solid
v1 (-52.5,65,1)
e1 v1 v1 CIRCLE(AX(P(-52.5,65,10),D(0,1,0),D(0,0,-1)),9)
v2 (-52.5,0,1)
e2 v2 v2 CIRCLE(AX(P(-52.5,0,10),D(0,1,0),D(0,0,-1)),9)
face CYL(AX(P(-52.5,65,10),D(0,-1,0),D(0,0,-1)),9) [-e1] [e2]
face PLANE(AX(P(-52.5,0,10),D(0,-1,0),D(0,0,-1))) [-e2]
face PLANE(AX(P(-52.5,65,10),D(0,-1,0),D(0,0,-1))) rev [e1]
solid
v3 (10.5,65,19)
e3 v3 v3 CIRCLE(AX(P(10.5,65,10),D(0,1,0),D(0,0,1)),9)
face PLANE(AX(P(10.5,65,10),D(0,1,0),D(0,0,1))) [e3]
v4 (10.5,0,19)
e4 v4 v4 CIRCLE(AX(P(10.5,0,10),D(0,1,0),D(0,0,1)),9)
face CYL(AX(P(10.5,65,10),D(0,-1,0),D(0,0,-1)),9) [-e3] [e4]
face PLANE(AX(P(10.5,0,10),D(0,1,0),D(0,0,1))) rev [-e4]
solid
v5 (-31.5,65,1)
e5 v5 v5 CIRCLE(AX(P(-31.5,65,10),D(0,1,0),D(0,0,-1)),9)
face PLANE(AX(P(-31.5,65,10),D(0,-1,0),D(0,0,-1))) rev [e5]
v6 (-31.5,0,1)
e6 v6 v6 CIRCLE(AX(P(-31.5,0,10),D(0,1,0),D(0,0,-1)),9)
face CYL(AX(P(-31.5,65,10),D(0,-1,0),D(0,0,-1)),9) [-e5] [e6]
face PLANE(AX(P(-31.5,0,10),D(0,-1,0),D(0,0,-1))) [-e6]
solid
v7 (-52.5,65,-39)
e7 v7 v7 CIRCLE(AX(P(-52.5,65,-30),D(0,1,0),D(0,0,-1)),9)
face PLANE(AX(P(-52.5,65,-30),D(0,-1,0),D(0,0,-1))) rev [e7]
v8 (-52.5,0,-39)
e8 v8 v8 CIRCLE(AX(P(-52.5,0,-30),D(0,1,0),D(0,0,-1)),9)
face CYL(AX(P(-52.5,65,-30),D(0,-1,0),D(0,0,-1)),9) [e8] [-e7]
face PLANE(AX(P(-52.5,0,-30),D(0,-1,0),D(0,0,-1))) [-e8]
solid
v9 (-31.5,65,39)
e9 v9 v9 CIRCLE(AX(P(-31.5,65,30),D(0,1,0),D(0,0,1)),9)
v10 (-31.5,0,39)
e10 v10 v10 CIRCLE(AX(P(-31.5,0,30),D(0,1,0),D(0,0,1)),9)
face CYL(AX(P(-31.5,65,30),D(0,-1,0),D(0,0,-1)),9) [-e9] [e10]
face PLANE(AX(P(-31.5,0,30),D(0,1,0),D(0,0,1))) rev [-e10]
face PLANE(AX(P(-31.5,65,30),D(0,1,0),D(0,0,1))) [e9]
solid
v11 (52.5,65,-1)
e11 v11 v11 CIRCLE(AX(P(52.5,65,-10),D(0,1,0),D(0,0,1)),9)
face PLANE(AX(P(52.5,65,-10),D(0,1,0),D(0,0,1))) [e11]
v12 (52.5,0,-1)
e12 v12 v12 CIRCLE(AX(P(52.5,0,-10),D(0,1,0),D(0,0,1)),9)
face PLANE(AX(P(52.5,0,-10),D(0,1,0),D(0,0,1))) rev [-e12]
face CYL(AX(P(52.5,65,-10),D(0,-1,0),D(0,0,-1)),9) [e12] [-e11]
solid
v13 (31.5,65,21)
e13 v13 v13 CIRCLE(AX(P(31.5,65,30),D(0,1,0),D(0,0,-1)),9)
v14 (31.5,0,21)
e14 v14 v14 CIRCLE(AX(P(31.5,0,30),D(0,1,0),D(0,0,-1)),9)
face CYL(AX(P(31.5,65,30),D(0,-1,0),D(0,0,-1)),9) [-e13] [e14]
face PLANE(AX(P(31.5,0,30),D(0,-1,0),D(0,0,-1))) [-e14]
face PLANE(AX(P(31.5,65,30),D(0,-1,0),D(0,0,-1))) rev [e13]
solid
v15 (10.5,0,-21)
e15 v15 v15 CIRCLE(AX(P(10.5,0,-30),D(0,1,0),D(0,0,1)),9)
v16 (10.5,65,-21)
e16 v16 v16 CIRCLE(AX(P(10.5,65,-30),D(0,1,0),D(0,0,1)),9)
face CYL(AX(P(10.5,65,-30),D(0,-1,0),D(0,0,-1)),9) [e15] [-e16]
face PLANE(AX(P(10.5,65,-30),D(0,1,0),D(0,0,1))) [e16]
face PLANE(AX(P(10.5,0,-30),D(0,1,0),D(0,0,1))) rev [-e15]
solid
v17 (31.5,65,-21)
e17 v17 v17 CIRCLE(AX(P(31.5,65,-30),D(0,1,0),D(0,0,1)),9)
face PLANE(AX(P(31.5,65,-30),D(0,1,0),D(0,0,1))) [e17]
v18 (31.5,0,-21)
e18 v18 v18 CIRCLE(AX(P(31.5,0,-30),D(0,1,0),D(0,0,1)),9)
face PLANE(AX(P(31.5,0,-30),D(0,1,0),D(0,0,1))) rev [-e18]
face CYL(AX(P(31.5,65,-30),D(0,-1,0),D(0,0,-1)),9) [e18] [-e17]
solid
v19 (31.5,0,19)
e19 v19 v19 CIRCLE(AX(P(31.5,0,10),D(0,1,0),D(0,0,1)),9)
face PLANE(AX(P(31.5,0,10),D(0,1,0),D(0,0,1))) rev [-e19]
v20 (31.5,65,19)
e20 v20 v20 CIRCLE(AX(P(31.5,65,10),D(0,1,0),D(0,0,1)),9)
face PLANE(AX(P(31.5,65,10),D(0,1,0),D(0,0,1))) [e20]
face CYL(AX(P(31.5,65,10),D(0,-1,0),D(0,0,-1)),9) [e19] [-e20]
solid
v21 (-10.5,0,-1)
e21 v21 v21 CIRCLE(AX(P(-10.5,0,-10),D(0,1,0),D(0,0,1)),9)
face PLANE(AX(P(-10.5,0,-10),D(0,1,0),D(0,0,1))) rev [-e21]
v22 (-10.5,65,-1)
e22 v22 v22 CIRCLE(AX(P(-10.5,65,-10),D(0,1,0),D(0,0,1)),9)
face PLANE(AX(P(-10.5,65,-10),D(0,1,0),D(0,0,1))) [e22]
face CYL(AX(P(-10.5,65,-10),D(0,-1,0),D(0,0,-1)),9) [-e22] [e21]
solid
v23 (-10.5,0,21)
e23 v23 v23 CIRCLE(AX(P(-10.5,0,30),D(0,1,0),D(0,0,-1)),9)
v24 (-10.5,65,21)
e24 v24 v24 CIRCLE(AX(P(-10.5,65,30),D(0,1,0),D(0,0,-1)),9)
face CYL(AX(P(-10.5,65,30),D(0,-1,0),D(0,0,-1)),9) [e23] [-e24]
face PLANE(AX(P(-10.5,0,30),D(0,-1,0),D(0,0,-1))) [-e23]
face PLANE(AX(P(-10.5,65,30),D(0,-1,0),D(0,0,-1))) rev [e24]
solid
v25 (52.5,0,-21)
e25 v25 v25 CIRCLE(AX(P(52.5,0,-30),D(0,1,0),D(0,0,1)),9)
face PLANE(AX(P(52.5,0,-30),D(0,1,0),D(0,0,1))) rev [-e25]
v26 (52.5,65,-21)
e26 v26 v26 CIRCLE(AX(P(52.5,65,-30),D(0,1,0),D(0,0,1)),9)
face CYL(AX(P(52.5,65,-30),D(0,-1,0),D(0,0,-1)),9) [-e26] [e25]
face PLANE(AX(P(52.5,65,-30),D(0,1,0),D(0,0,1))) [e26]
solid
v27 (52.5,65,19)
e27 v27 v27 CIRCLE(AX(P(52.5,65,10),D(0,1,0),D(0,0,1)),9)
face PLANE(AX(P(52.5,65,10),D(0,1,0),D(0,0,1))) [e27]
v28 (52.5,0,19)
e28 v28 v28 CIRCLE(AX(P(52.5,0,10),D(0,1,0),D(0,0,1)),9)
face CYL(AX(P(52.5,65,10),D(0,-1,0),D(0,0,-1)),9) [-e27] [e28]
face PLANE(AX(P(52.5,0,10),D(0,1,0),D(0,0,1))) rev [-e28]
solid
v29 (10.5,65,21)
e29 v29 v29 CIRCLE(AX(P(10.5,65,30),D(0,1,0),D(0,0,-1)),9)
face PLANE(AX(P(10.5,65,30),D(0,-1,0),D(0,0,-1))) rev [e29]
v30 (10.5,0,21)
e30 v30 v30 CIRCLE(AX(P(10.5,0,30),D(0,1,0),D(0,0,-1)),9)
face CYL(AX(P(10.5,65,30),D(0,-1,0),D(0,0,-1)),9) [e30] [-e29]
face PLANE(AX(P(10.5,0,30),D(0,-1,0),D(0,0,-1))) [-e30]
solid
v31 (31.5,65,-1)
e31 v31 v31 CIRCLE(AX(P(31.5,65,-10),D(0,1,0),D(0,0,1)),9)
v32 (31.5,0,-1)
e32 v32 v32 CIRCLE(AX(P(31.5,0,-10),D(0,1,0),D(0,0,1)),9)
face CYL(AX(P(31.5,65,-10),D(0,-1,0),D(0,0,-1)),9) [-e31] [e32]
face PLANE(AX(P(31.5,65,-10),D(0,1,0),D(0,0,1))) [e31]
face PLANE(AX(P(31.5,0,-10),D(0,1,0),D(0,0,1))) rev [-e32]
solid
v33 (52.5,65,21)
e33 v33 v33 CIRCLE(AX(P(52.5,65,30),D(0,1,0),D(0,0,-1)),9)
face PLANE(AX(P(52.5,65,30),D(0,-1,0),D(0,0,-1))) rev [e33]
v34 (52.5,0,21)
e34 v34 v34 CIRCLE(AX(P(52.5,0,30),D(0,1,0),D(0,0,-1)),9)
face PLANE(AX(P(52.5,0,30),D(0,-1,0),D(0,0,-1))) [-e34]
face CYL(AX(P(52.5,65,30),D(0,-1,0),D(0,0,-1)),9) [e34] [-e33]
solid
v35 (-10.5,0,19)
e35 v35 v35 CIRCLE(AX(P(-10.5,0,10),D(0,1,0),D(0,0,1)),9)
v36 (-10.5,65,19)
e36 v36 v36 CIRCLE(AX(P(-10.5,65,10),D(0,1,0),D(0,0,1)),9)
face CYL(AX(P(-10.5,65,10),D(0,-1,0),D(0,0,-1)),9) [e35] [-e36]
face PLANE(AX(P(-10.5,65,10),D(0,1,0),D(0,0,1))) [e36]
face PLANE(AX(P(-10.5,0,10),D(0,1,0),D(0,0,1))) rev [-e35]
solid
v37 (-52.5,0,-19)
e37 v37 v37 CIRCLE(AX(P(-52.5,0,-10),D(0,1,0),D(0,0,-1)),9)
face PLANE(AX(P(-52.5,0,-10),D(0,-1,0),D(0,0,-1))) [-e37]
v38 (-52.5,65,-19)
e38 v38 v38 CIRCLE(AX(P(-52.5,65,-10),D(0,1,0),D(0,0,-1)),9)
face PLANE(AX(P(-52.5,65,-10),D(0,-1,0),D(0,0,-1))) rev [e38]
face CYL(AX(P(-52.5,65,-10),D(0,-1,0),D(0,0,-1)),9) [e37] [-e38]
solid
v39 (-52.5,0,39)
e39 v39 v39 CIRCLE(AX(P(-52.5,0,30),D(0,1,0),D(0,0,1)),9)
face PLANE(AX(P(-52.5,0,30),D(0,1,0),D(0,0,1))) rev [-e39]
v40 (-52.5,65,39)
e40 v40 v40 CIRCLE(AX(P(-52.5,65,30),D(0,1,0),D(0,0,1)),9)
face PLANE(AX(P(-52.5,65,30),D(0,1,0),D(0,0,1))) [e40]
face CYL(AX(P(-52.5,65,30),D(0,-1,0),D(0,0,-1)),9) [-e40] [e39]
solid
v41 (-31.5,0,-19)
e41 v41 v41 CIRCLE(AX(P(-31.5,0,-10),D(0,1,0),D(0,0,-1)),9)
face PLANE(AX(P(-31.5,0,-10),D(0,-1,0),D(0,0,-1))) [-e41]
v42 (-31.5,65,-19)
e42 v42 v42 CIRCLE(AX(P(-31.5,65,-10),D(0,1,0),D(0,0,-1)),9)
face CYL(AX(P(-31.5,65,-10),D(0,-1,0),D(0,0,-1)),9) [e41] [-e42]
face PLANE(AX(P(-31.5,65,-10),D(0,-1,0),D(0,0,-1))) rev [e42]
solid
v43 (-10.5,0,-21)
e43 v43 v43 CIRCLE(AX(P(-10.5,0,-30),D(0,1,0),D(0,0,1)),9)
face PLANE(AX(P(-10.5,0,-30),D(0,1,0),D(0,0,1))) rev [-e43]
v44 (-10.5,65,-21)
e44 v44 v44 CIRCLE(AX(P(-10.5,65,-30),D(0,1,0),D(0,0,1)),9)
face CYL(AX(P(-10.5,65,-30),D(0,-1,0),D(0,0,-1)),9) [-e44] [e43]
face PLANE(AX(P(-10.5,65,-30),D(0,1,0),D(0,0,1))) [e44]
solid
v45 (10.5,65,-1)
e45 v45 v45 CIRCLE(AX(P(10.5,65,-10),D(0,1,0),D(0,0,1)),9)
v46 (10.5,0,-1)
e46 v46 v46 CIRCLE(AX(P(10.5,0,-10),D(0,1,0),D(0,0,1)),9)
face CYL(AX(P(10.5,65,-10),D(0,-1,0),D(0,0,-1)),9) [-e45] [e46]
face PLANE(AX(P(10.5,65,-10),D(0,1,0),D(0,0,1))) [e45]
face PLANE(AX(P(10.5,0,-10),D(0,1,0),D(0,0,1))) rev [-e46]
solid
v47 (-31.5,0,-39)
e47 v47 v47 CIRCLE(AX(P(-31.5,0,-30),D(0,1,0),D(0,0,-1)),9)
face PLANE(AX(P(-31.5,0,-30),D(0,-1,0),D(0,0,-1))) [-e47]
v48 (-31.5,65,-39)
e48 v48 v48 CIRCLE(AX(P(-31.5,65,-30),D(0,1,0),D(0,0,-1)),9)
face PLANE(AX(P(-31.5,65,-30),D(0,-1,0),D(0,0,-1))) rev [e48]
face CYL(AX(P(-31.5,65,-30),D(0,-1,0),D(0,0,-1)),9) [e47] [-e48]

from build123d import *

# Parameters (mm, degrees)
SKETCH2_R              = 9
BOSS_EXTRUDE1_DEPTH    = 65
BOSS_EXTRUDE1_2_DEPTH  = 65
BOSS_EXTRUDE1_3_DEPTH  = 65
BOSS_EXTRUDE1_4_DEPTH  = 65
BOSS_EXTRUDE1_5_DEPTH  = 65
BOSS_EXTRUDE1_6_DEPTH  = 65
BOSS_EXTRUDE1_7_DEPTH  = 65
BOSS_EXTRUDE1_8_DEPTH  = 65
BOSS_EXTRUDE1_9_DEPTH  = 65
BOSS_EXTRUDE1_10_DEPTH = 65
BOSS_EXTRUDE1_11_DEPTH = 65
BOSS_EXTRUDE1_12_DEPTH = 65
BOSS_EXTRUDE1_13_DEPTH = 65
BOSS_EXTRUDE1_14_DEPTH = 65
BOSS_EXTRUDE1_15_DEPTH = 65
BOSS_EXTRUDE1_16_DEPTH = 65
BOSS_EXTRUDE1_17_DEPTH = 65
BOSS_EXTRUDE1_18_DEPTH = 65
BOSS_EXTRUDE1_19_DEPTH = 65
BOSS_EXTRUDE1_20_DEPTH = 65
BOSS_EXTRUDE1_21_DEPTH = 65
BOSS_EXTRUDE1_22_DEPTH = 65
BOSS_EXTRUDE1_23_DEPTH = 65
BOSS_EXTRUDE1_24_DEPTH = 65


with BuildPart() as part:
    # Sketch2 → Boss-Extrude1 (new body)
    with BuildSketch(Plane(origin=(0, 0, 0), x_dir=(1, 0, 0), z_dir=(0, 1, 0))):
        with Locations((-10.5, -10)):
            Circle(SKETCH2_R)
    extrude(amount=BOSS_EXTRUDE1_DEPTH)


with BuildPart() as body_2:
    # Sketch2 → Boss-Extrude1 2 (new body)
    with BuildSketch(Plane(origin=(0, 0, 0), x_dir=(1, 0, 0), z_dir=(0, 1, 0))):
        with Locations((10.5, -10)):
            Circle(SKETCH2_R)
    extrude(amount=BOSS_EXTRUDE1_2_DEPTH)


with BuildPart() as body_3:
    # Sketch2 → Boss-Extrude1 3 (new body)
    with BuildSketch(Plane(origin=(0, 0, 0), x_dir=(1, 0, 0), z_dir=(0, 1, 0))):
        with Locations((31.5, -10)):
            Circle(SKETCH2_R)
    extrude(amount=BOSS_EXTRUDE1_3_DEPTH)


with BuildPart() as body_4:
    # Sketch2 → Boss-Extrude1 4 (new body)
    with BuildSketch(Plane(origin=(0, 0, 0), x_dir=(1, 0, 0), z_dir=(0, 1, 0))):
        with Locations((52.5, -10)):
            Circle(SKETCH2_R)
    extrude(amount=BOSS_EXTRUDE1_4_DEPTH)


with BuildPart() as body_5:
    # Sketch2 → Boss-Extrude1 5 (new body)
    with BuildSketch(Plane(origin=(0, 0, 0), x_dir=(1, 0, 0), z_dir=(0, 1, 0))):
        with Locations((10.5, 10)):
            Circle(SKETCH2_R)
    extrude(amount=BOSS_EXTRUDE1_5_DEPTH)


with BuildPart() as body_6:
    # Sketch2 → Boss-Extrude1 6 (new body)
    with BuildSketch(Plane(origin=(0, 0, 0), x_dir=(1, 0, 0), z_dir=(0, 1, 0))):
        with Locations((31.5, 10)):
            Circle(SKETCH2_R)
    extrude(amount=BOSS_EXTRUDE1_6_DEPTH)


with BuildPart() as body_7:
    # Sketch2 → Boss-Extrude1 7 (new body)
    with BuildSketch(Plane(origin=(0, 0, 0), x_dir=(1, 0, 0), z_dir=(0, 1, 0))):
        with Locations((52.5, 10)):
            Circle(SKETCH2_R)
    extrude(amount=BOSS_EXTRUDE1_7_DEPTH)


with BuildPart() as body_8:
    # Sketch2 → Boss-Extrude1 8 (new body)
    with BuildSketch(Plane(origin=(0, 0, 0), x_dir=(1, 0, 0), z_dir=(0, 1, 0))):
        with Locations((10.5, 30)):
            Circle(SKETCH2_R)
    extrude(amount=BOSS_EXTRUDE1_8_DEPTH)


with BuildPart() as body_9:
    # Sketch2 → Boss-Extrude1 9 (new body)
    with BuildSketch(Plane(origin=(0, 0, 0), x_dir=(1, 0, 0), z_dir=(0, 1, 0))):
        with Locations((31.5, 30)):
            Circle(SKETCH2_R)
    extrude(amount=BOSS_EXTRUDE1_9_DEPTH)


with BuildPart() as body_10:
    # Sketch2 → Boss-Extrude1 10 (new body)
    with BuildSketch(Plane(origin=(0, 0, 0), x_dir=(1, 0, 0), z_dir=(0, 1, 0))):
        with Locations((52.5, 30)):
            Circle(SKETCH2_R)
    extrude(amount=BOSS_EXTRUDE1_10_DEPTH)


with BuildPart() as body_11:
    # Sketch2 → Boss-Extrude1 11 (new body)
    with BuildSketch(Plane(origin=(0, 0, 0), x_dir=(1, 0, 0), z_dir=(0, 1, 0))):
        with Locations((-10.5, 10)):
            Circle(SKETCH2_R)
    extrude(amount=BOSS_EXTRUDE1_11_DEPTH)


with BuildPart() as body_12:
    # Sketch2 → Boss-Extrude1 12 (new body)
    with BuildSketch(Plane(origin=(0, 0, 0), x_dir=(1, 0, 0), z_dir=(0, 1, 0))):
        with Locations((-10.5, 30)):
            Circle(SKETCH2_R)
    extrude(amount=BOSS_EXTRUDE1_12_DEPTH)


with BuildPart() as body_13:
    # Sketch2 → Boss-Extrude1 13 (new body)
    with BuildSketch(Plane(origin=(0, 0, 0), x_dir=(1, 0, 0), z_dir=(0, 1, 0))):
        with Locations((-10.5, -30)):
            Circle(SKETCH2_R)
    extrude(amount=BOSS_EXTRUDE1_13_DEPTH)


with BuildPart() as body_14:
    # Sketch2 → Boss-Extrude1 14 (new body)
    with BuildSketch(Plane(origin=(0, 0, 0), x_dir=(1, 0, 0), z_dir=(0, 1, 0))):
        with Locations((52.5, -30)):
            Circle(SKETCH2_R)
    extrude(amount=BOSS_EXTRUDE1_14_DEPTH)


with BuildPart() as body_15:
    # Sketch2 → Boss-Extrude1 15 (new body)
    with BuildSketch(Plane(origin=(0, 0, 0), x_dir=(1, 0, 0), z_dir=(0, 1, 0))):
        with Locations((31.5, -30)):
            Circle(SKETCH2_R)
    extrude(amount=BOSS_EXTRUDE1_15_DEPTH)


with BuildPart() as body_16:
    # Sketch2 → Boss-Extrude1 16 (new body)
    with BuildSketch(Plane(origin=(0, 0, 0), x_dir=(1, 0, 0), z_dir=(0, 1, 0))):
        with Locations((10.5, -30)):
            Circle(SKETCH2_R)
    extrude(amount=BOSS_EXTRUDE1_16_DEPTH)


with BuildPart() as body_17:
    # Sketch2 → Boss-Extrude1 17 (new body)
    with BuildSketch(Plane(origin=(0, 0, 0), x_dir=(1, 0, 0), z_dir=(0, 1, 0))):
        with Locations((-52.5, -30)):
            Circle(SKETCH2_R)
    extrude(amount=BOSS_EXTRUDE1_17_DEPTH)


with BuildPart() as body_18:
    # Sketch2 → Boss-Extrude1 18 (new body)
    with BuildSketch(Plane(origin=(0, 0, 0), x_dir=(1, 0, 0), z_dir=(0, 1, 0))):
        with Locations((-52.5, -10)):
            Circle(SKETCH2_R)
    extrude(amount=BOSS_EXTRUDE1_18_DEPTH)


with BuildPart() as body_19:
    # Sketch2 → Boss-Extrude1 19 (new body)
    with BuildSketch(Plane(origin=(0, 0, 0), x_dir=(1, 0, 0), z_dir=(0, 1, 0))):
        with Locations((-52.5, 10)):
            Circle(SKETCH2_R)
    extrude(amount=BOSS_EXTRUDE1_19_DEPTH)


with BuildPart() as body_20:
    # Sketch2 → Boss-Extrude1 20 (new body)
    with BuildSketch(Plane(origin=(0, 0, 0), x_dir=(1, 0, 0), z_dir=(0, 1, 0))):
        with Locations((-52.5, 30)):
            Circle(SKETCH2_R)
    extrude(amount=BOSS_EXTRUDE1_20_DEPTH)


with BuildPart() as body_21:
    # Sketch2 → Boss-Extrude1 21 (new body)
    with BuildSketch(Plane(origin=(0, 0, 0), x_dir=(1, 0, 0), z_dir=(0, 1, 0))):
        with Locations((-31.5, -30)):
            Circle(SKETCH2_R)
    extrude(amount=BOSS_EXTRUDE1_21_DEPTH)


with BuildPart() as body_22:
    # Sketch2 → Boss-Extrude1 22 (new body)
    with BuildSketch(Plane(origin=(0, 0, 0), x_dir=(1, 0, 0), z_dir=(0, 1, 0))):
        with Locations((-31.5, -10)):
            Circle(SKETCH2_R)
    extrude(amount=BOSS_EXTRUDE1_22_DEPTH)


with BuildPart() as body_23:
    # Sketch2 → Boss-Extrude1 23 (new body)
    with BuildSketch(Plane(origin=(0, 0, 0), x_dir=(1, 0, 0), z_dir=(0, 1, 0))):
        with Locations((-31.5, 10)):
            Circle(SKETCH2_R)
    extrude(amount=BOSS_EXTRUDE1_23_DEPTH)


with BuildPart() as body_24:
    # Sketch2 → Boss-Extrude1 24 (new body)
    with BuildSketch(Plane(origin=(0, 0, 0), x_dir=(1, 0, 0), z_dir=(0, 1, 0))):
        with Locations((-31.5, 30)):
            Circle(SKETCH2_R)
    extrude(amount=BOSS_EXTRUDE1_24_DEPTH)


solid = Compound([part.part, body_2.part, body_3.part, body_4.part, body_5.part, body_6.part, body_7.part, body_8.part, body_9.part, body_10.part, body_11.part, body_12.part, body_13.part, body_14.part, body_15.part, body_16.part, body_17.part, body_18.part, body_19.part, body_20.part, body_21.part, body_22.part, body_23.part, body_24.part])
